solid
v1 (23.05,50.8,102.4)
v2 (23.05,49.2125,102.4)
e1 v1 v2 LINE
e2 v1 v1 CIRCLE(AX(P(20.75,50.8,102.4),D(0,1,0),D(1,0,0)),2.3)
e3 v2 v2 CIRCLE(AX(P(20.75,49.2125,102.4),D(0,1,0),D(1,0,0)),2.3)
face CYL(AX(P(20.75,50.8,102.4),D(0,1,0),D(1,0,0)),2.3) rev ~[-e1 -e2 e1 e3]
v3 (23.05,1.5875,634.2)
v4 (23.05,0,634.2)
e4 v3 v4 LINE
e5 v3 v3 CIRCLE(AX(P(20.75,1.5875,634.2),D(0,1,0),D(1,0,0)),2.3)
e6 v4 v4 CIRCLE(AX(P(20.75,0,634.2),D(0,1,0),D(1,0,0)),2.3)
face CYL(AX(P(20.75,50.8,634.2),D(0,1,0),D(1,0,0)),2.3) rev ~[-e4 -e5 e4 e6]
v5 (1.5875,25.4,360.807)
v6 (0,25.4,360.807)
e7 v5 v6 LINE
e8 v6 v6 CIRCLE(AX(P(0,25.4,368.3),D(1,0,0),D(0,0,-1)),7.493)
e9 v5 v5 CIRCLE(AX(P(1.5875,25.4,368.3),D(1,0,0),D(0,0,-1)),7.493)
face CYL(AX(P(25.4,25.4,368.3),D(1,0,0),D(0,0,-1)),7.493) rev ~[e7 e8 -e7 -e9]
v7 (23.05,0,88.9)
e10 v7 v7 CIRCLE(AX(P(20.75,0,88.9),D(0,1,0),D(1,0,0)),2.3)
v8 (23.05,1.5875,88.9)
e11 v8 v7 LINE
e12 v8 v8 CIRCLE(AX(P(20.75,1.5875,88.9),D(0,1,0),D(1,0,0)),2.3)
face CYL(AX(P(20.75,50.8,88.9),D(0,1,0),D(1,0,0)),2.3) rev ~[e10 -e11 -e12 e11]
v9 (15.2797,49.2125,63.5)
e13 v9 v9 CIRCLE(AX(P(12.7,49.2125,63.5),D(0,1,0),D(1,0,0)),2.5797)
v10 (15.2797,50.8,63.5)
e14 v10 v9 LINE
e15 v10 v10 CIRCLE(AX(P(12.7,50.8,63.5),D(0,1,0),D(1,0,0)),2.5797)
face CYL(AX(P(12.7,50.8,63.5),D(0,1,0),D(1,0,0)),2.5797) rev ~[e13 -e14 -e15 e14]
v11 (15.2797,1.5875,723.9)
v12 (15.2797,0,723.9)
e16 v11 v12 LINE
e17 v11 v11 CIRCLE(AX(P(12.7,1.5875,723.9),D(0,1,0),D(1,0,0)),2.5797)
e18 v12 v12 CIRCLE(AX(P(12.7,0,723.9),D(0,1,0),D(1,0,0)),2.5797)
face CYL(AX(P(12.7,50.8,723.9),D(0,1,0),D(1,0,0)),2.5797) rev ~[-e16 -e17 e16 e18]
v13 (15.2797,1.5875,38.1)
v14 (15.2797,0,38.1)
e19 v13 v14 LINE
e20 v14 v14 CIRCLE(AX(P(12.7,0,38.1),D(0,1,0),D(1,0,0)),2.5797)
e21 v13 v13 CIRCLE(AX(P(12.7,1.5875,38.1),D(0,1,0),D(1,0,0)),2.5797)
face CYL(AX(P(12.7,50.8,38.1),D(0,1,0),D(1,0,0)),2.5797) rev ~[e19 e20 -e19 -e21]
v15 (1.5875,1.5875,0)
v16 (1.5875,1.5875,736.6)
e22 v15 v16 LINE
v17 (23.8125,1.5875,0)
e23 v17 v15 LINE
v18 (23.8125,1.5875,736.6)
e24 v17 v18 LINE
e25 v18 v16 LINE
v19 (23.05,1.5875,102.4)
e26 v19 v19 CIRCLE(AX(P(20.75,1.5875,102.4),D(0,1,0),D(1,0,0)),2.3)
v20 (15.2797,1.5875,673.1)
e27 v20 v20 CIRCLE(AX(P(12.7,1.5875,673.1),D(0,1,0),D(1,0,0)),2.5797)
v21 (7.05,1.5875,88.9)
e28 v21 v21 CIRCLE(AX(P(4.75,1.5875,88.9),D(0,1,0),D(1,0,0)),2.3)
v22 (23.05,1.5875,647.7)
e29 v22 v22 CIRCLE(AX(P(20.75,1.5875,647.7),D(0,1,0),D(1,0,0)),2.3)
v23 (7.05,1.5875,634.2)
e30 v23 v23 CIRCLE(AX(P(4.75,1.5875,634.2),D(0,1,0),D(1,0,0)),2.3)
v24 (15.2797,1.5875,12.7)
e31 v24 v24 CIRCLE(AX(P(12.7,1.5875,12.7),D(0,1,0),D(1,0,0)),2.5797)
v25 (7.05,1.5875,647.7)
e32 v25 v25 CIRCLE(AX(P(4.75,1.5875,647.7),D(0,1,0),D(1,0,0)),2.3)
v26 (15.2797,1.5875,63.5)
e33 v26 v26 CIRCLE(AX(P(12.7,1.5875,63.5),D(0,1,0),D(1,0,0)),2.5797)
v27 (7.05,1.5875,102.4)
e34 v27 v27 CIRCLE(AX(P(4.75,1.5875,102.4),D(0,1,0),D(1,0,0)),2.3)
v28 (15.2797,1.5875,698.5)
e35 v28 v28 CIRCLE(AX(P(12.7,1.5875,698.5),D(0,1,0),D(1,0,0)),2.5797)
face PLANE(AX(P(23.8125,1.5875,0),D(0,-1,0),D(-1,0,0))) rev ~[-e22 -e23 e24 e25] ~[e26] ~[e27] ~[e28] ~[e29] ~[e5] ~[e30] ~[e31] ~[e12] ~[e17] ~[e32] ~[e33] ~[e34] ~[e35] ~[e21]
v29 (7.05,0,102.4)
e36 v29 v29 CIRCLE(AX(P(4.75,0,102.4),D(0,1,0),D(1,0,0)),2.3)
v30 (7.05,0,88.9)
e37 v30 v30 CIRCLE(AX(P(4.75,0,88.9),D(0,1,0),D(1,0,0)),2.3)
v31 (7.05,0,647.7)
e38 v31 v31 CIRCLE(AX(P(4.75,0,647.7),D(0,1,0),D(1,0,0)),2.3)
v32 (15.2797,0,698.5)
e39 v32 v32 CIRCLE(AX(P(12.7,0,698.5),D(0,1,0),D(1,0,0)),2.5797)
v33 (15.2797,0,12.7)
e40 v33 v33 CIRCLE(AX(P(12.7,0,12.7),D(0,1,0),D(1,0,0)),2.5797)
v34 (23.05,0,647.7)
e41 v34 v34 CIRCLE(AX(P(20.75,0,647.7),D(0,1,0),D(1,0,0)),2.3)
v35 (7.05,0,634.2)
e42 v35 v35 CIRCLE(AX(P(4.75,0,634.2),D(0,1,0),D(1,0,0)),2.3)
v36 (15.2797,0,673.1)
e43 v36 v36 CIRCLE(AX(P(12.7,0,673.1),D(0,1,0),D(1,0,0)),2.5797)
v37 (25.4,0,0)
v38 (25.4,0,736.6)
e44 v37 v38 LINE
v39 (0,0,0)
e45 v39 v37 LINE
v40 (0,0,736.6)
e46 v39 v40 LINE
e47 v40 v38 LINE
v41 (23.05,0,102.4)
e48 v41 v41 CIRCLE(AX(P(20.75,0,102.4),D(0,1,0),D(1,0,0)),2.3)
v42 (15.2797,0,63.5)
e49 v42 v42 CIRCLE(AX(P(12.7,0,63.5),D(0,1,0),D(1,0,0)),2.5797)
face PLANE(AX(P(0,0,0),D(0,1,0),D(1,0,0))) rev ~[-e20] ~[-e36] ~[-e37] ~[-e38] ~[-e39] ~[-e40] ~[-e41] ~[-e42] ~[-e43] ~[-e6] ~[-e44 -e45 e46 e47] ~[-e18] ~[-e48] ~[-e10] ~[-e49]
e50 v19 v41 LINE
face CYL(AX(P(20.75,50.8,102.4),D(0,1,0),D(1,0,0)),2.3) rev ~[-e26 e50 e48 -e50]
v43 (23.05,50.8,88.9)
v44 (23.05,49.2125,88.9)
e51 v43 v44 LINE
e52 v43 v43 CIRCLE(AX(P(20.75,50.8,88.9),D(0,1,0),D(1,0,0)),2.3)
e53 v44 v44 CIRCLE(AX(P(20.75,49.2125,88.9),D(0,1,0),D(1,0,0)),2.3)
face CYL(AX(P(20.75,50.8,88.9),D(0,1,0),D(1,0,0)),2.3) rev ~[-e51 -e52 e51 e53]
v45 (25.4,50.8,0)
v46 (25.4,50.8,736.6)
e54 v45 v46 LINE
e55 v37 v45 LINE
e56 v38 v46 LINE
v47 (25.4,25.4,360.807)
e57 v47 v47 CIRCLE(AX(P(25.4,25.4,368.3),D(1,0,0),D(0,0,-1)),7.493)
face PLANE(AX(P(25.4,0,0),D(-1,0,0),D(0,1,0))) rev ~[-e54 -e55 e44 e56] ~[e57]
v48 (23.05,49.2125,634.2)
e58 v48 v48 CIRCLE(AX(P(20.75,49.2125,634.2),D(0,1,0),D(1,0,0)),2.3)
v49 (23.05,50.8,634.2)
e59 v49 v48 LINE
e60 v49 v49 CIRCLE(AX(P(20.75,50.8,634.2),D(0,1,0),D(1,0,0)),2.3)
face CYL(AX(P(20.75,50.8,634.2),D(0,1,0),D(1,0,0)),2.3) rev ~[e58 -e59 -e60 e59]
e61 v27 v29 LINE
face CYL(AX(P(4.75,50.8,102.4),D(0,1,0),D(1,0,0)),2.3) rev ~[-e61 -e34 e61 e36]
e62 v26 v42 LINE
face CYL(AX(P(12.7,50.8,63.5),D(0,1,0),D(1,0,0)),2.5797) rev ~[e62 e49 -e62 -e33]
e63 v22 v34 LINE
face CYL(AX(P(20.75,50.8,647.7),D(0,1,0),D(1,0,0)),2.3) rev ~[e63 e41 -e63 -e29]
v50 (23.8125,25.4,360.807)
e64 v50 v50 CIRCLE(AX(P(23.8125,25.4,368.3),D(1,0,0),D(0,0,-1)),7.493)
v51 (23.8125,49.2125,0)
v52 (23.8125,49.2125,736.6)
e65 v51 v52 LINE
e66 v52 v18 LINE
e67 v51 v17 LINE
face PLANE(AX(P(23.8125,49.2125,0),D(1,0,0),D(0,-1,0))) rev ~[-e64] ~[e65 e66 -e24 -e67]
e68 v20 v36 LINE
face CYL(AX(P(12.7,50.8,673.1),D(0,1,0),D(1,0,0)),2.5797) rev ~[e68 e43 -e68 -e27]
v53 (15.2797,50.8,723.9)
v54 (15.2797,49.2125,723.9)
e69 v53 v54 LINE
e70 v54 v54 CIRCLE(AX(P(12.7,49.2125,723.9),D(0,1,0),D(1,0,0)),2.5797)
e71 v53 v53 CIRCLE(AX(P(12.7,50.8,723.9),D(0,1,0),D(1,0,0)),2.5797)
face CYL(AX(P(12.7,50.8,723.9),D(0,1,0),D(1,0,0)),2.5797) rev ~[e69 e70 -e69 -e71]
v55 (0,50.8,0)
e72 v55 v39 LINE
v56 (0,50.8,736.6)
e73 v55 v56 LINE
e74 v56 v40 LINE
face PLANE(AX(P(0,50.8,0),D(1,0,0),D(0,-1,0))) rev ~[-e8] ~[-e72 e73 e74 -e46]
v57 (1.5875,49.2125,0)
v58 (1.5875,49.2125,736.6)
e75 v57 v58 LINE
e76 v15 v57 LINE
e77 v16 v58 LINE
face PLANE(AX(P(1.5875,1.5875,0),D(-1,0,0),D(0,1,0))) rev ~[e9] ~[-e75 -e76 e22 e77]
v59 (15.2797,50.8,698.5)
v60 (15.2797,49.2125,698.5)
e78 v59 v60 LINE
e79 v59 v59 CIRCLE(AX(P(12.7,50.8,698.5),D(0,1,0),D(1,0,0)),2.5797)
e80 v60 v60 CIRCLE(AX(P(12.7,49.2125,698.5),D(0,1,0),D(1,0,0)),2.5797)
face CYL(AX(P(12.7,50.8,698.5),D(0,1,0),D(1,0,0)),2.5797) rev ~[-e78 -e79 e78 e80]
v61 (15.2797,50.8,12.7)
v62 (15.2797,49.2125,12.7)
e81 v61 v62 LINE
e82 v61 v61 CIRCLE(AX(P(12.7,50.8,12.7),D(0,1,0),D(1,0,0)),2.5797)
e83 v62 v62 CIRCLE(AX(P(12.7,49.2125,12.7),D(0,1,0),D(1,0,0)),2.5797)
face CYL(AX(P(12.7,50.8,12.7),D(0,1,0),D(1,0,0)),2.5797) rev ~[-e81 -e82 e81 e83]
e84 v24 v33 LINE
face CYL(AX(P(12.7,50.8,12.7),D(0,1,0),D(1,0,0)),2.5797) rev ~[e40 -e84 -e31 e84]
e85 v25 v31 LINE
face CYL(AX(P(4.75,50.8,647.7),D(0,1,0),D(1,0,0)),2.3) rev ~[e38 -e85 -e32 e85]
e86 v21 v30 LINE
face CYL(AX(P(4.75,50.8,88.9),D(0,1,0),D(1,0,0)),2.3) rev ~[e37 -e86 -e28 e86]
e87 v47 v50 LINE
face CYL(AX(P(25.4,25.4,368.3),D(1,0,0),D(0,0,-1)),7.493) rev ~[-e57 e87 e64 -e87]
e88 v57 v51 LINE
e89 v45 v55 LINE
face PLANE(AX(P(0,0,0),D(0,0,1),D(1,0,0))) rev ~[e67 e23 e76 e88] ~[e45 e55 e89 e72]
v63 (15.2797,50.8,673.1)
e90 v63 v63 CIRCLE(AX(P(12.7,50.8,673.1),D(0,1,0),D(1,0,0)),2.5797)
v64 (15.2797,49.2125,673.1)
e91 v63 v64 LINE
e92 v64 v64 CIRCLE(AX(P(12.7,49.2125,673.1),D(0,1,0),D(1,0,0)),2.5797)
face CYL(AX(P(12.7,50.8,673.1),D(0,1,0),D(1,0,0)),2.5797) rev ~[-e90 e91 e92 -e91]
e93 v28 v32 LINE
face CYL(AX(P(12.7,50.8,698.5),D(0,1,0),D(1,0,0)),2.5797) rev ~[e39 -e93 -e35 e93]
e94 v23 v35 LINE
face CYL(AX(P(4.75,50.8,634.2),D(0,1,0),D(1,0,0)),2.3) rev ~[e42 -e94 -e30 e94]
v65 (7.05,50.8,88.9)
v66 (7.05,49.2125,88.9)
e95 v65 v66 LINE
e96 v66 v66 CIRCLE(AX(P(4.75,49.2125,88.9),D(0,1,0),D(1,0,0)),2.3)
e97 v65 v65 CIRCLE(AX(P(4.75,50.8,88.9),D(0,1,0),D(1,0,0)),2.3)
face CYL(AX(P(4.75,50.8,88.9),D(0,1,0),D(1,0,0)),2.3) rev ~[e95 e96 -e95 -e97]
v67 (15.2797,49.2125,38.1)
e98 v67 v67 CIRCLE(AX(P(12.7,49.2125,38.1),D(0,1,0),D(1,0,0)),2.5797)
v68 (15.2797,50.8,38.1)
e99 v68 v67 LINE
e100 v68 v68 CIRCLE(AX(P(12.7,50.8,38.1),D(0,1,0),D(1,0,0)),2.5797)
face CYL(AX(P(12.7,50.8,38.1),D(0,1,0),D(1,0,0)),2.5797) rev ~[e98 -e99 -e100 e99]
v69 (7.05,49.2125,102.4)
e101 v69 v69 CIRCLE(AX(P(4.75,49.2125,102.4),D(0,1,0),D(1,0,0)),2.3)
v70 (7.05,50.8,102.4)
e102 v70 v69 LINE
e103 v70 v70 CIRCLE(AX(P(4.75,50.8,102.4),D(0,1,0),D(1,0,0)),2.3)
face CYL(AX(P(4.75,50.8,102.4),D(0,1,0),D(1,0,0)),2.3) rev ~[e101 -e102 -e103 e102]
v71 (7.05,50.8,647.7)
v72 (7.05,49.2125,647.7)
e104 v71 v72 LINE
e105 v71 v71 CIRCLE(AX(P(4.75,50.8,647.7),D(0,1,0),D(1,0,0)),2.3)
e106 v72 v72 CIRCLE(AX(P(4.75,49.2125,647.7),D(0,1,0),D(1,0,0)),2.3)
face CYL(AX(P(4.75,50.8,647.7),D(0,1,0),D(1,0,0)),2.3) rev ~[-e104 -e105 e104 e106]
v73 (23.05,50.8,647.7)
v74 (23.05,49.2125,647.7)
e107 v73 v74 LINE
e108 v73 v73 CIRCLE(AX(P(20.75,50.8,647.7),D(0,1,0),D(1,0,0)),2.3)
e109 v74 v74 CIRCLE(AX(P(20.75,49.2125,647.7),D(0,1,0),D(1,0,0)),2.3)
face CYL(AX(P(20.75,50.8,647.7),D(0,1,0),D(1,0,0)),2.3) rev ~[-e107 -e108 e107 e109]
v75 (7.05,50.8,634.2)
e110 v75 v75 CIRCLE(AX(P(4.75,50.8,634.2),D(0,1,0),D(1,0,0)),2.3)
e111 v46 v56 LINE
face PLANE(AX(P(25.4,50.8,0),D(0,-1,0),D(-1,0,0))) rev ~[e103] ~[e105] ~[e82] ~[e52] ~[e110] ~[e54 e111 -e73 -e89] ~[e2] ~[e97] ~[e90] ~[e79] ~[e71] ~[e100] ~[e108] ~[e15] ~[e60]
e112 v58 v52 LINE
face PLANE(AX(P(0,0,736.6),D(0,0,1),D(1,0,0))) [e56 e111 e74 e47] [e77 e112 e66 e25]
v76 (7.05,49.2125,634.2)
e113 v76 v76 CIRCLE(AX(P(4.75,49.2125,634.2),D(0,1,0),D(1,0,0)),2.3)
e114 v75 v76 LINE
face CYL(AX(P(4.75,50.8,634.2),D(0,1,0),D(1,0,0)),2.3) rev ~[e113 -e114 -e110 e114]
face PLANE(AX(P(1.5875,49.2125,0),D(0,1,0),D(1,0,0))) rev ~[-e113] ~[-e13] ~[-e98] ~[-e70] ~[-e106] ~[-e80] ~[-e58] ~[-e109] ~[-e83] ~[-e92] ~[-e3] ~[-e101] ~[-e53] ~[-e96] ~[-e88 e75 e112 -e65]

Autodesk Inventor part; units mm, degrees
ref_plane "YZ Plane" through (0, 0, 0) normal (1, 0, 0) x (0, 1, 0)
ref_plane "XZ Plane" through (0, 0, 0) normal (0, 1, 0) x (-1, 0, 0)
ref_plane "XY Plane" through (0, 0, 0) normal (0, 0, 1) x (1, 0, 0)
sketch "Sketch1" plane through (0, 0, 0) normal (0, 0, 1) x (1, 0, 0)
  line L0 (0, 0) -> (25.4, 0)
  line L1 (25.4, 0) -> (25.4, 50.8)
  line L2 (25.4, 50.8) -> (0, 50.8)
  line L3 (0, 50.8) -> (0, 0)
  line L4 (1.5875, 49.2125) -> (23.8125, 49.2125)
  line L5 (23.8125, 49.2125) -> (23.8125, 1.5875)
  line L6 (23.8125, 1.5875) -> (1.5875, 1.5875)
  line L7 (1.5875, 1.5875) -> (1.5875, 49.2125)
  dimension "d0" = 25.4
  dimension "d1" = 50.8
  dimension "d2" = 1.5875
extrude "Extrusion1" add sketch "Sketch1" along normal blind 736.6
sketch "Sketch4" plane through (0, 50.8, 0) normal (0, 1, 0) x (1, 0, 0)
  line L0 (1.5875, 0) -> (23.8125, 0) construction
  line L1 (12.7, 0) -> (12.7, -12.7) construction
  line L2 (12.7, -12.7) -> (12.7, -38.1) construction
  line L3 (12.7, -38.1) -> (12.7, -63.5) construction
  line L4 (0, 0) -> (0, -736.6) construction
  line L5 (0, -368.3) -> (25.4, -368.3) construction
  line L6 (25.4, 0) -> (25.4, -736.6) construction
  circle A0 centre (12.7, -12.7) radius 2.5797
  circle A1 centre (12.7, -38.1) radius 2.5797
  circle A2 centre (12.7, -63.5) radius 2.5797
  circle A3 centre (12.7, -723.9) radius 2.5797
  circle A4 centre (12.7, -698.5) radius 2.5797
  circle A5 centre (12.7, -673.1) radius 2.5797
  dimension "d15" = 12.7
  dimension "d16" = 25.4
  dimension "d17" = 25.4
  dimension "d18" = 5.1594
extrude "Extrusion4" cut sketch "Sketch4" against normal blind 152.4
sketch "Sketch5" plane through (25.4, 0, 0) normal (1, 0, 0) x (0, 0, -1)
  line L0 (0, 50.8) -> (-736.6, 50.8) construction
  line L1 (-368.3, 50.8) -> (-368.3, 25.4) construction
  circle A0 centre (-368.3, 25.4) radius 7.493
  point P0 (0, 0)
  dimension "d21" = 25.4
  dimension "d22" = 14.986
extrude "Extrusion5" cut sketch "Sketch5" against normal blind 25.4
sketch "Sketch6" plane through (0, 50.8, 0) normal (0, 1, 0) x (1, 0, 0)
  line L0 (0, 0) -> (25.4, 0) construction
  line L1 (25.4, 0) -> (25.4, -736.6) construction
  line L2 (0, -88.9) -> (4.75, -88.9) construction
  line L3 (4.75, -88.9) -> (20.75, -88.9) construction
  line L4 (20.75, -88.9) -> (20.75, -102.4) construction
  line L5 (20.75, -102.4) -> (4.75, -102.4) construction
  circle A0 centre (4.75, -88.9) radius 2.3
  circle A1 centre (20.75, -88.9) radius 2.3
  circle A2 centre (20.75, -102.4) radius 2.3
  circle A3 centre (4.75, -102.4) radius 2.3
  line L6 (0, 0) -> (0, -368.3) construction
  line L7 (0, 0) -> (0, -736.6) construction
  line L8 (0, -368.3) -> (25.4, -368.3) construction
  line L9 (0, -647.7) -> (4.75, -647.7) construction
  line L10 (4.75, -647.7) -> (20.75, -647.7) construction
  line L11 (20.75, -647.7) -> (20.75, -634.2) construction
  line L12 (20.75, -634.2) -> (4.75, -634.2) construction
  circle A4 centre (4.75, -647.7) radius 2.3
  circle A5 centre (20.75, -647.7) radius 2.3
  circle A6 centre (20.75, -634.2) radius 2.3
  circle A7 centre (4.75, -634.2) radius 2.3
  dimension "d26" = 88.9
  dimension "d28" = 4.75
  dimension "d29" = 16
  dimension "d30" = 13.5
  dimension "d31" = 4.6
  dimension "d33" = 368.3
extrude "Extrusion6" cut sketch "Sketch6" against normal blind 277.8125
properties part number "1x1 29in"
